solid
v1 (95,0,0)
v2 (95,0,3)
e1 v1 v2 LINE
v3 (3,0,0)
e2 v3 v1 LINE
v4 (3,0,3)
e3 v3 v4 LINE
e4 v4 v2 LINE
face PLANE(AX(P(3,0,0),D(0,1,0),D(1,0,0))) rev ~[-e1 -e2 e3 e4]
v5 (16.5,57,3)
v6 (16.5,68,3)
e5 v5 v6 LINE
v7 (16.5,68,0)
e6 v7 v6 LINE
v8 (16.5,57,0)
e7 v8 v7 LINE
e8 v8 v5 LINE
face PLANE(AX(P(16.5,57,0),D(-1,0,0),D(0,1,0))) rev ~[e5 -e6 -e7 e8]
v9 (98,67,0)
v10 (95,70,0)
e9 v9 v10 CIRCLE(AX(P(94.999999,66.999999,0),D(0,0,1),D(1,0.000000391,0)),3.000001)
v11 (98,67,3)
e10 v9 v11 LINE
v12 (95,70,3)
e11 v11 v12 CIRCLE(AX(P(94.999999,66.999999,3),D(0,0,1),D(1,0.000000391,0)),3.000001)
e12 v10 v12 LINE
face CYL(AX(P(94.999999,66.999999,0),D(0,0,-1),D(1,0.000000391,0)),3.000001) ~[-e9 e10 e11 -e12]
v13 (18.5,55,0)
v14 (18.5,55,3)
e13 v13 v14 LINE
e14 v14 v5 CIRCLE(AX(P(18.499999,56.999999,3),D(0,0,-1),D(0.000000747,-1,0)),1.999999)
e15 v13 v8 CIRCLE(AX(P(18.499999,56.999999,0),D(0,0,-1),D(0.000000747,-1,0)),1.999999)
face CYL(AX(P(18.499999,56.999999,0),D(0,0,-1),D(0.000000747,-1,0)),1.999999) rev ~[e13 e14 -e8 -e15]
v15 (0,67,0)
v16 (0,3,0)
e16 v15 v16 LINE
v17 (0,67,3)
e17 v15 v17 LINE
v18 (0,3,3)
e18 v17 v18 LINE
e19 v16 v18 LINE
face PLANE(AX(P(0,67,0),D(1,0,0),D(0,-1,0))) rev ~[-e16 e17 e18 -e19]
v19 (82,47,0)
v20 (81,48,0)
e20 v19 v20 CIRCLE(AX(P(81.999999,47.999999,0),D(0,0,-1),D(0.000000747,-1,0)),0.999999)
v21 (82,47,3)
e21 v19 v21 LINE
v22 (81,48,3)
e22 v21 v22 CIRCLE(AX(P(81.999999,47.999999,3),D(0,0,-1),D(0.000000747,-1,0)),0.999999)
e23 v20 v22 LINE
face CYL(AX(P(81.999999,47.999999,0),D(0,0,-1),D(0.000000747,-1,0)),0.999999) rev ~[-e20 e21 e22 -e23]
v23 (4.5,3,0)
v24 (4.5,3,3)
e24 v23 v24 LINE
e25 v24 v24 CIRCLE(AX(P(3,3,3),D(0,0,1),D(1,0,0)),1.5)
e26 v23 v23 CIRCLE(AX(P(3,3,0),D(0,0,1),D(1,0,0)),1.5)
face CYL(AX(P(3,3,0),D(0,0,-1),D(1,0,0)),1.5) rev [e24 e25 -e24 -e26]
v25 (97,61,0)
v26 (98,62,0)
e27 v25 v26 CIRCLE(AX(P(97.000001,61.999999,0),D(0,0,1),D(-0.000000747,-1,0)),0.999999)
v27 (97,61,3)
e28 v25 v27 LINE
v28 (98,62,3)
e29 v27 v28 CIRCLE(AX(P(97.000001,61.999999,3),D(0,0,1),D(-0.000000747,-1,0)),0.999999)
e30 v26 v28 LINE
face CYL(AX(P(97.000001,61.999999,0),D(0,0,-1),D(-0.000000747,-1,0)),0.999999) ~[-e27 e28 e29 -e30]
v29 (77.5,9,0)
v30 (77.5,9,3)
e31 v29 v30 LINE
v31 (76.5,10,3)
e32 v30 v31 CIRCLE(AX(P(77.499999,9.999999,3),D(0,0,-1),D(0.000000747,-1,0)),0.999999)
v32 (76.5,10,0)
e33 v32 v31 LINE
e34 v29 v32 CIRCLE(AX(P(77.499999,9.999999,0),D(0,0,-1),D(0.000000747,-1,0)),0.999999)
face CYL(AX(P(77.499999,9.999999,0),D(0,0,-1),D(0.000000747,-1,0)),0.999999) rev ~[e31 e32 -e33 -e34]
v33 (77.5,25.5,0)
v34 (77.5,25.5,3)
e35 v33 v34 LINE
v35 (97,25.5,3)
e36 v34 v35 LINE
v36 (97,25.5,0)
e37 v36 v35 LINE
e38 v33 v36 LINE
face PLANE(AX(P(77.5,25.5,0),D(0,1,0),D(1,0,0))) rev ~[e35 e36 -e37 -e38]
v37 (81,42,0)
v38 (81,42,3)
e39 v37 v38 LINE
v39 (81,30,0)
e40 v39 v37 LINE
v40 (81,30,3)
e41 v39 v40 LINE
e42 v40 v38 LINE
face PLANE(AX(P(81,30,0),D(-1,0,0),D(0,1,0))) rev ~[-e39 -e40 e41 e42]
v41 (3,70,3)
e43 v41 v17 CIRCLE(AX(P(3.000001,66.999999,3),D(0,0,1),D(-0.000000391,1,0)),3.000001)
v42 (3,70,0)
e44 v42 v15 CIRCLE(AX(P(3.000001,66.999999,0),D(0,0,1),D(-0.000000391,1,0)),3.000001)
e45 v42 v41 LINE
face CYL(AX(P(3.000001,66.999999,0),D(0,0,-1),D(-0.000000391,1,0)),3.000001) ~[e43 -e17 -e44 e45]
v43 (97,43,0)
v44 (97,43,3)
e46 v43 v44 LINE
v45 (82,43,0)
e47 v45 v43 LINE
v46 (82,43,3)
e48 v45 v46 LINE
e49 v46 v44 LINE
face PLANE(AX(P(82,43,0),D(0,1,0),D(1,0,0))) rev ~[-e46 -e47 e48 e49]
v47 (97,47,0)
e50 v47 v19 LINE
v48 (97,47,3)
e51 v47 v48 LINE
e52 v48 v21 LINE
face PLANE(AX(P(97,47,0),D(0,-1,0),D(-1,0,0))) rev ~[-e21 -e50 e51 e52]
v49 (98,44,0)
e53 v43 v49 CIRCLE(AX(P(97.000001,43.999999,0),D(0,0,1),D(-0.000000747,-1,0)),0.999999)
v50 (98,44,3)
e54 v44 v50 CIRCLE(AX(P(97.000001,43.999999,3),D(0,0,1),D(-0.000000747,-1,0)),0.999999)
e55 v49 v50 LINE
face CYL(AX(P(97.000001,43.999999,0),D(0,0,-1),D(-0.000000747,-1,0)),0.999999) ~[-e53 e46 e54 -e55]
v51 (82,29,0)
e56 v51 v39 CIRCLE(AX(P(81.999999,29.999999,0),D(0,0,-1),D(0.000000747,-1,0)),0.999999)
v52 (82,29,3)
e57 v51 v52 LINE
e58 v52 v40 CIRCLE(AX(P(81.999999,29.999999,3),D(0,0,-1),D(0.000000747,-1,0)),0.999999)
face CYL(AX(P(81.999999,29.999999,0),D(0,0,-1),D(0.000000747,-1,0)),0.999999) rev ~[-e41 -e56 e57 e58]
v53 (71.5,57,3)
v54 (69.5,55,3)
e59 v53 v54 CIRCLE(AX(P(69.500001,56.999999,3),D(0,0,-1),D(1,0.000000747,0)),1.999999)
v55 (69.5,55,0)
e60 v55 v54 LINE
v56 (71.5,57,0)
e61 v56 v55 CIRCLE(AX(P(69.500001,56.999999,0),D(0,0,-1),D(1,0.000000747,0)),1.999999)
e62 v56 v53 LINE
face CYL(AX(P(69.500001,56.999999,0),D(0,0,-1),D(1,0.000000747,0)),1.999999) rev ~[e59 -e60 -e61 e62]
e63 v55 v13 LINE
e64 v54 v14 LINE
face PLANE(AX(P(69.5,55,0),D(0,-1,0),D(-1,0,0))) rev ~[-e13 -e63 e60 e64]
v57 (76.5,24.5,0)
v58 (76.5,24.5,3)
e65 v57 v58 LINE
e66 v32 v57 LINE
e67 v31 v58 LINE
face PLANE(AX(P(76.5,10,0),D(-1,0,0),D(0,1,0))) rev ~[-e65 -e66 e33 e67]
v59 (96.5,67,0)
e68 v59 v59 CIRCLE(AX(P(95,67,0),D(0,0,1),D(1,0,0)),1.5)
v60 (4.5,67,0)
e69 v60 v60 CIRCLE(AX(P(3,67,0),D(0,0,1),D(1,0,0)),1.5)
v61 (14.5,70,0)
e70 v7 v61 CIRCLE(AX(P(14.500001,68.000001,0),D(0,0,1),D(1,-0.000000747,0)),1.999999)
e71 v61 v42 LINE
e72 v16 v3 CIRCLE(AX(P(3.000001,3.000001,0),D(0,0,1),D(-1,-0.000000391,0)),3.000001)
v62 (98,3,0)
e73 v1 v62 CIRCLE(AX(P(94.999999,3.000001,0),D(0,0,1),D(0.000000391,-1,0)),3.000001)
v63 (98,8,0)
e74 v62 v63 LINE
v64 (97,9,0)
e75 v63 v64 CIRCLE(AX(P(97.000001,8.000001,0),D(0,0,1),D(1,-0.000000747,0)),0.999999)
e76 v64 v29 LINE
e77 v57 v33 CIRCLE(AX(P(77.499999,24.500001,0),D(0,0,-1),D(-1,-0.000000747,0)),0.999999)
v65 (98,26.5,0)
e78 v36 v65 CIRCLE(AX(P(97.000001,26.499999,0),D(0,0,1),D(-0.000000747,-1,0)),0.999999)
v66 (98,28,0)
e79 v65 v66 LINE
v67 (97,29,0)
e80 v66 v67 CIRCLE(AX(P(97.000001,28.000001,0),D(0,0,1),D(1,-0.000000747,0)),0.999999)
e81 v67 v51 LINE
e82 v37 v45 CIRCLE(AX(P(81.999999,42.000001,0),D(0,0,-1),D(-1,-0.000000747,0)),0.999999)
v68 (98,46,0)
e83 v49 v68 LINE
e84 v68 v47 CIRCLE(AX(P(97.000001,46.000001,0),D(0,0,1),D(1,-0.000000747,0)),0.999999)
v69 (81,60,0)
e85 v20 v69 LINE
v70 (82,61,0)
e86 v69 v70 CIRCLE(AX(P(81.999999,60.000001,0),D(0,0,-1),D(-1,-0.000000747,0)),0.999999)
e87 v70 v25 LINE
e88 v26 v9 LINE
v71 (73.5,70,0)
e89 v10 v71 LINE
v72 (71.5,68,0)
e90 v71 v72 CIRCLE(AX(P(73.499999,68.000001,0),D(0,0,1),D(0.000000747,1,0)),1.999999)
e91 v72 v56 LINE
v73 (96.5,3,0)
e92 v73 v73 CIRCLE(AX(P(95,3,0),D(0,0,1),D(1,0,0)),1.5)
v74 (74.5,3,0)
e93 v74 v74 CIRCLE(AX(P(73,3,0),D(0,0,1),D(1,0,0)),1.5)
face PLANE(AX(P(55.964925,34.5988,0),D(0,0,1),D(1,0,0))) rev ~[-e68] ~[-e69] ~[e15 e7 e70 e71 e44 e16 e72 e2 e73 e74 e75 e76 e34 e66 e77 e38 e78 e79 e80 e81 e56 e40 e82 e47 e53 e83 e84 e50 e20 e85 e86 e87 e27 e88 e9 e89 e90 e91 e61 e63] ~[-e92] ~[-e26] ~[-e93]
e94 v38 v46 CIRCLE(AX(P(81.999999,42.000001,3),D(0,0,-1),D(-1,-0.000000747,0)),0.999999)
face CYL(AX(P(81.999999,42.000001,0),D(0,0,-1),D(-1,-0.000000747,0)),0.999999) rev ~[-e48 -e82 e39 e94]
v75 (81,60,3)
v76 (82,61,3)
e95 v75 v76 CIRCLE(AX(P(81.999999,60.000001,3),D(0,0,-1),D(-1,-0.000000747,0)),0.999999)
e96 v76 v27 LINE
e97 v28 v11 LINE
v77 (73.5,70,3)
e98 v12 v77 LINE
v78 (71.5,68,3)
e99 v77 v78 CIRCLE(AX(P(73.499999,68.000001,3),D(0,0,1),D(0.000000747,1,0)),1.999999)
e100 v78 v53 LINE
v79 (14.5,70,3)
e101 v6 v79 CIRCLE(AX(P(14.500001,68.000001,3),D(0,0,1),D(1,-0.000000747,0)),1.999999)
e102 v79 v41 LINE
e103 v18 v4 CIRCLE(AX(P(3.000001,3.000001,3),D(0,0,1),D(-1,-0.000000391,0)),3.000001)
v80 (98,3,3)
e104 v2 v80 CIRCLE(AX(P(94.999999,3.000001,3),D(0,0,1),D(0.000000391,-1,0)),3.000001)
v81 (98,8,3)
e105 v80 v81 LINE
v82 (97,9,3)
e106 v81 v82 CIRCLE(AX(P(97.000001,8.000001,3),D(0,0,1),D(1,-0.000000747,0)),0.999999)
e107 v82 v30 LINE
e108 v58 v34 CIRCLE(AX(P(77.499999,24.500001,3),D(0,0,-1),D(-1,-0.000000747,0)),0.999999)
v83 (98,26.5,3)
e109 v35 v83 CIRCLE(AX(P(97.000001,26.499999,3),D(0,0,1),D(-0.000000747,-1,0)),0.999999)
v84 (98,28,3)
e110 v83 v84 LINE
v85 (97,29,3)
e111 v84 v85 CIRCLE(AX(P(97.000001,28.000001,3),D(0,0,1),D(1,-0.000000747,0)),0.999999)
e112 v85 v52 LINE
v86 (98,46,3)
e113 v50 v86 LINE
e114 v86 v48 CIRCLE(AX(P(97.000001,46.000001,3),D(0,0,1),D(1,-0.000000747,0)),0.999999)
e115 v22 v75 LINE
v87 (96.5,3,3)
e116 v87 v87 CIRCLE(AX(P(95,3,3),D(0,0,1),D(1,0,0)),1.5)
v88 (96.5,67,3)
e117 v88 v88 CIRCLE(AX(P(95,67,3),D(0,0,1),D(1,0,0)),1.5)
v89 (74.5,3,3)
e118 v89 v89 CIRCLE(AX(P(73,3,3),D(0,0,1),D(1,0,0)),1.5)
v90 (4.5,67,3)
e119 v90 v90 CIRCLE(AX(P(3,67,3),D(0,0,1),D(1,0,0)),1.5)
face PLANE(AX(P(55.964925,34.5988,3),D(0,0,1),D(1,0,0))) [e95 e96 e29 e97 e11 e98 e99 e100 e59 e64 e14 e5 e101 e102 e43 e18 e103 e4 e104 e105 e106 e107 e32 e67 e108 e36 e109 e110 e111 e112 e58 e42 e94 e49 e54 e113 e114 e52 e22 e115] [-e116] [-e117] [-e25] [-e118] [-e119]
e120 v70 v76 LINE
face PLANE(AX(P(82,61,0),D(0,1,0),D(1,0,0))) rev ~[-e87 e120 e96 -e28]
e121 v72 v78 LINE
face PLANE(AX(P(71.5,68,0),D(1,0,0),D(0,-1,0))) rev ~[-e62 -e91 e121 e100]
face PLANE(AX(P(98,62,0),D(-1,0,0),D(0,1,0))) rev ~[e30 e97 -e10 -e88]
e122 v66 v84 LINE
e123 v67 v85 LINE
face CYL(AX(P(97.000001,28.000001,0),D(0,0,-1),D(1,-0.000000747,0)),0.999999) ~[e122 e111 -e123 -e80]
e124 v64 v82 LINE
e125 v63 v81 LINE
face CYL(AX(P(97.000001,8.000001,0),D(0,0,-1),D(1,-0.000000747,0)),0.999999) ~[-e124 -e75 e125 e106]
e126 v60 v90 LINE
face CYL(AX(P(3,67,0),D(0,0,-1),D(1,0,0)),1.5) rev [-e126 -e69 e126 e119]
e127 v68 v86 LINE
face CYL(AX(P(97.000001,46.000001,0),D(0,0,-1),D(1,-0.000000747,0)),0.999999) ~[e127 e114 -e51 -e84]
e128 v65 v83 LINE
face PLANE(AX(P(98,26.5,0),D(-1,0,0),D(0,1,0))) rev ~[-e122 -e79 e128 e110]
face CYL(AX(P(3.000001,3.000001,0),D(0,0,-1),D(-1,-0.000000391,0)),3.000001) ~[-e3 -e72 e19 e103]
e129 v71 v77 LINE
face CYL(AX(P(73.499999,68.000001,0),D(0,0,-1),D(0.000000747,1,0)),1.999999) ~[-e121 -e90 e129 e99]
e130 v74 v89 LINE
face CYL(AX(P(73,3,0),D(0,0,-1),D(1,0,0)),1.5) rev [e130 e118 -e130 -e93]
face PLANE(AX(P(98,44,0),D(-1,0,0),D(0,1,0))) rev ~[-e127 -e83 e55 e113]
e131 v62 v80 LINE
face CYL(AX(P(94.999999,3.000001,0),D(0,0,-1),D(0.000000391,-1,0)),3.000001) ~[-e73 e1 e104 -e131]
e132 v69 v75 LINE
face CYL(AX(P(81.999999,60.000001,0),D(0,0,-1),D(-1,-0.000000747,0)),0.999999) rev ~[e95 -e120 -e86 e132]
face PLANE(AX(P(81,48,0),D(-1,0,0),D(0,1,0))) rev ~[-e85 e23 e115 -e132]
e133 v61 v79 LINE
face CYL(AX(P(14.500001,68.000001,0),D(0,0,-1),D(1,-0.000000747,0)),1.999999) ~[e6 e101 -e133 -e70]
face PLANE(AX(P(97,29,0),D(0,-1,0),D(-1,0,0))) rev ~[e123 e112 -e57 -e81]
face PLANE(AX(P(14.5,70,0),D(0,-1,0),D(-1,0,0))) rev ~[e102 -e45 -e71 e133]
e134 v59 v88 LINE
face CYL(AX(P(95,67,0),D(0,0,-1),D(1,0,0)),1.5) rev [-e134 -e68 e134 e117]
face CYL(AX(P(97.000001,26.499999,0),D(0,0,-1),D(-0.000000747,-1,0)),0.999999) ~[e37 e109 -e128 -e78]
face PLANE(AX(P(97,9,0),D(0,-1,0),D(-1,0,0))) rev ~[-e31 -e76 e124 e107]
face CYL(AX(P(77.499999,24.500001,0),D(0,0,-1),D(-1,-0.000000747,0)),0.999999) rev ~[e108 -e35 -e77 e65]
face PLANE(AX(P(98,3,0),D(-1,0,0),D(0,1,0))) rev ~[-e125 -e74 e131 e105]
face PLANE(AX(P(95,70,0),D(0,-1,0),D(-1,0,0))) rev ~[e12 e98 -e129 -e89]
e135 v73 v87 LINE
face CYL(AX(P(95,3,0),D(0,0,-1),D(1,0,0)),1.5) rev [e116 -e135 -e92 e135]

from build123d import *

# Parameters (mm, degrees)
F0_R     = 1.5
F1_DEPTH = 3


with BuildPart() as f1:
    # F0 (on Top) → F1 (new body)
    with BuildSketch(Plane.XY):
        with BuildLine():
            ThreePointArc((0, 3), (0.87868, 0.87868), (3, 0))
            Line((3, 0), (95, 0))
            ThreePointArc((95, 0), (97.12132, 0.87868), (98, 3))
            Line((98, 3), (98, 8))
            ThreePointArc((98, 8), (97.707107, 8.707107), (97, 9))
            Line((97, 9), (77.5, 9))
            ThreePointArc((77.5, 9), (76.792893, 9.292893), (76.5, 10))
            Line((76.5, 10), (76.5, 24.5))
            ThreePointArc((76.5, 24.5), (76.792893, 25.207107), (77.5, 25.5))
            Line((77.5, 25.5), (97, 25.5))
            ThreePointArc((97, 25.5), (97.707107, 25.792893), (98, 26.5))
            Line((98, 26.5), (98, 28))
            ThreePointArc((98, 28), (97.707107, 28.707107), (97, 29))
            Line((97, 29), (82, 29))
            ThreePointArc((82, 29), (81.292893, 29.292893), (81, 30))
            Line((81, 30), (81, 42))
            ThreePointArc((81, 42), (81.292893, 42.707107), (82, 43))
            Line((82, 43), (97, 43))
            ThreePointArc((97, 43), (97.707107, 43.292893), (98, 44))
            Line((98, 44), (98, 46))
            ThreePointArc((98, 46), (97.707107, 46.707107), (97, 47))
            Line((97, 47), (82, 47))
            ThreePointArc((82, 47), (81.292893, 47.292893), (81, 48))
            Line((81, 48), (81, 60))
            ThreePointArc((81, 60), (81.292893, 60.707107), (82, 61))
            Line((82, 61), (97, 61))
            ThreePointArc((97, 61), (97.707107, 61.292893), (98, 62))
            Line((98, 62), (98, 67))
            ThreePointArc((98, 67), (97.12132, 69.12132), (95, 70))
            Line((95, 70), (73.5, 70))
            ThreePointArc((73.5, 70), (72.085786, 69.414214), (71.5, 68))
            Line((71.5, 68), (71.5, 57))
            ThreePointArc((71.5, 57), (70.914214, 55.585786), (69.5, 55))
            Line((69.5, 55), (18.5, 55))
            ThreePointArc((18.5, 55), (17.085786, 55.585786), (16.5, 57))
            Line((16.5, 57), (16.5, 68))
            ThreePointArc((16.5, 68), (15.914214, 69.414214), (14.5, 70))
            Line((14.5, 70), (3, 70))
            ThreePointArc((3, 70), (0.87868, 69.12132), (0, 67))
            Line((0, 67), (0, 3))
        make_face()
        with Locations((3, 3)):
            Circle(F0_R, mode=Mode.SUBTRACT)
        with Locations((73, 3)):
            Circle(F0_R, mode=Mode.SUBTRACT)
        with Locations((95, 3)):
            Circle(F0_R, mode=Mode.SUBTRACT)
        with Locations((3, 67)):
            Circle(F0_R, mode=Mode.SUBTRACT)
        with Locations((95, 67)):
            Circle(F0_R, mode=Mode.SUBTRACT)
    extrude(amount=F1_DEPTH)


solid = f1.part
